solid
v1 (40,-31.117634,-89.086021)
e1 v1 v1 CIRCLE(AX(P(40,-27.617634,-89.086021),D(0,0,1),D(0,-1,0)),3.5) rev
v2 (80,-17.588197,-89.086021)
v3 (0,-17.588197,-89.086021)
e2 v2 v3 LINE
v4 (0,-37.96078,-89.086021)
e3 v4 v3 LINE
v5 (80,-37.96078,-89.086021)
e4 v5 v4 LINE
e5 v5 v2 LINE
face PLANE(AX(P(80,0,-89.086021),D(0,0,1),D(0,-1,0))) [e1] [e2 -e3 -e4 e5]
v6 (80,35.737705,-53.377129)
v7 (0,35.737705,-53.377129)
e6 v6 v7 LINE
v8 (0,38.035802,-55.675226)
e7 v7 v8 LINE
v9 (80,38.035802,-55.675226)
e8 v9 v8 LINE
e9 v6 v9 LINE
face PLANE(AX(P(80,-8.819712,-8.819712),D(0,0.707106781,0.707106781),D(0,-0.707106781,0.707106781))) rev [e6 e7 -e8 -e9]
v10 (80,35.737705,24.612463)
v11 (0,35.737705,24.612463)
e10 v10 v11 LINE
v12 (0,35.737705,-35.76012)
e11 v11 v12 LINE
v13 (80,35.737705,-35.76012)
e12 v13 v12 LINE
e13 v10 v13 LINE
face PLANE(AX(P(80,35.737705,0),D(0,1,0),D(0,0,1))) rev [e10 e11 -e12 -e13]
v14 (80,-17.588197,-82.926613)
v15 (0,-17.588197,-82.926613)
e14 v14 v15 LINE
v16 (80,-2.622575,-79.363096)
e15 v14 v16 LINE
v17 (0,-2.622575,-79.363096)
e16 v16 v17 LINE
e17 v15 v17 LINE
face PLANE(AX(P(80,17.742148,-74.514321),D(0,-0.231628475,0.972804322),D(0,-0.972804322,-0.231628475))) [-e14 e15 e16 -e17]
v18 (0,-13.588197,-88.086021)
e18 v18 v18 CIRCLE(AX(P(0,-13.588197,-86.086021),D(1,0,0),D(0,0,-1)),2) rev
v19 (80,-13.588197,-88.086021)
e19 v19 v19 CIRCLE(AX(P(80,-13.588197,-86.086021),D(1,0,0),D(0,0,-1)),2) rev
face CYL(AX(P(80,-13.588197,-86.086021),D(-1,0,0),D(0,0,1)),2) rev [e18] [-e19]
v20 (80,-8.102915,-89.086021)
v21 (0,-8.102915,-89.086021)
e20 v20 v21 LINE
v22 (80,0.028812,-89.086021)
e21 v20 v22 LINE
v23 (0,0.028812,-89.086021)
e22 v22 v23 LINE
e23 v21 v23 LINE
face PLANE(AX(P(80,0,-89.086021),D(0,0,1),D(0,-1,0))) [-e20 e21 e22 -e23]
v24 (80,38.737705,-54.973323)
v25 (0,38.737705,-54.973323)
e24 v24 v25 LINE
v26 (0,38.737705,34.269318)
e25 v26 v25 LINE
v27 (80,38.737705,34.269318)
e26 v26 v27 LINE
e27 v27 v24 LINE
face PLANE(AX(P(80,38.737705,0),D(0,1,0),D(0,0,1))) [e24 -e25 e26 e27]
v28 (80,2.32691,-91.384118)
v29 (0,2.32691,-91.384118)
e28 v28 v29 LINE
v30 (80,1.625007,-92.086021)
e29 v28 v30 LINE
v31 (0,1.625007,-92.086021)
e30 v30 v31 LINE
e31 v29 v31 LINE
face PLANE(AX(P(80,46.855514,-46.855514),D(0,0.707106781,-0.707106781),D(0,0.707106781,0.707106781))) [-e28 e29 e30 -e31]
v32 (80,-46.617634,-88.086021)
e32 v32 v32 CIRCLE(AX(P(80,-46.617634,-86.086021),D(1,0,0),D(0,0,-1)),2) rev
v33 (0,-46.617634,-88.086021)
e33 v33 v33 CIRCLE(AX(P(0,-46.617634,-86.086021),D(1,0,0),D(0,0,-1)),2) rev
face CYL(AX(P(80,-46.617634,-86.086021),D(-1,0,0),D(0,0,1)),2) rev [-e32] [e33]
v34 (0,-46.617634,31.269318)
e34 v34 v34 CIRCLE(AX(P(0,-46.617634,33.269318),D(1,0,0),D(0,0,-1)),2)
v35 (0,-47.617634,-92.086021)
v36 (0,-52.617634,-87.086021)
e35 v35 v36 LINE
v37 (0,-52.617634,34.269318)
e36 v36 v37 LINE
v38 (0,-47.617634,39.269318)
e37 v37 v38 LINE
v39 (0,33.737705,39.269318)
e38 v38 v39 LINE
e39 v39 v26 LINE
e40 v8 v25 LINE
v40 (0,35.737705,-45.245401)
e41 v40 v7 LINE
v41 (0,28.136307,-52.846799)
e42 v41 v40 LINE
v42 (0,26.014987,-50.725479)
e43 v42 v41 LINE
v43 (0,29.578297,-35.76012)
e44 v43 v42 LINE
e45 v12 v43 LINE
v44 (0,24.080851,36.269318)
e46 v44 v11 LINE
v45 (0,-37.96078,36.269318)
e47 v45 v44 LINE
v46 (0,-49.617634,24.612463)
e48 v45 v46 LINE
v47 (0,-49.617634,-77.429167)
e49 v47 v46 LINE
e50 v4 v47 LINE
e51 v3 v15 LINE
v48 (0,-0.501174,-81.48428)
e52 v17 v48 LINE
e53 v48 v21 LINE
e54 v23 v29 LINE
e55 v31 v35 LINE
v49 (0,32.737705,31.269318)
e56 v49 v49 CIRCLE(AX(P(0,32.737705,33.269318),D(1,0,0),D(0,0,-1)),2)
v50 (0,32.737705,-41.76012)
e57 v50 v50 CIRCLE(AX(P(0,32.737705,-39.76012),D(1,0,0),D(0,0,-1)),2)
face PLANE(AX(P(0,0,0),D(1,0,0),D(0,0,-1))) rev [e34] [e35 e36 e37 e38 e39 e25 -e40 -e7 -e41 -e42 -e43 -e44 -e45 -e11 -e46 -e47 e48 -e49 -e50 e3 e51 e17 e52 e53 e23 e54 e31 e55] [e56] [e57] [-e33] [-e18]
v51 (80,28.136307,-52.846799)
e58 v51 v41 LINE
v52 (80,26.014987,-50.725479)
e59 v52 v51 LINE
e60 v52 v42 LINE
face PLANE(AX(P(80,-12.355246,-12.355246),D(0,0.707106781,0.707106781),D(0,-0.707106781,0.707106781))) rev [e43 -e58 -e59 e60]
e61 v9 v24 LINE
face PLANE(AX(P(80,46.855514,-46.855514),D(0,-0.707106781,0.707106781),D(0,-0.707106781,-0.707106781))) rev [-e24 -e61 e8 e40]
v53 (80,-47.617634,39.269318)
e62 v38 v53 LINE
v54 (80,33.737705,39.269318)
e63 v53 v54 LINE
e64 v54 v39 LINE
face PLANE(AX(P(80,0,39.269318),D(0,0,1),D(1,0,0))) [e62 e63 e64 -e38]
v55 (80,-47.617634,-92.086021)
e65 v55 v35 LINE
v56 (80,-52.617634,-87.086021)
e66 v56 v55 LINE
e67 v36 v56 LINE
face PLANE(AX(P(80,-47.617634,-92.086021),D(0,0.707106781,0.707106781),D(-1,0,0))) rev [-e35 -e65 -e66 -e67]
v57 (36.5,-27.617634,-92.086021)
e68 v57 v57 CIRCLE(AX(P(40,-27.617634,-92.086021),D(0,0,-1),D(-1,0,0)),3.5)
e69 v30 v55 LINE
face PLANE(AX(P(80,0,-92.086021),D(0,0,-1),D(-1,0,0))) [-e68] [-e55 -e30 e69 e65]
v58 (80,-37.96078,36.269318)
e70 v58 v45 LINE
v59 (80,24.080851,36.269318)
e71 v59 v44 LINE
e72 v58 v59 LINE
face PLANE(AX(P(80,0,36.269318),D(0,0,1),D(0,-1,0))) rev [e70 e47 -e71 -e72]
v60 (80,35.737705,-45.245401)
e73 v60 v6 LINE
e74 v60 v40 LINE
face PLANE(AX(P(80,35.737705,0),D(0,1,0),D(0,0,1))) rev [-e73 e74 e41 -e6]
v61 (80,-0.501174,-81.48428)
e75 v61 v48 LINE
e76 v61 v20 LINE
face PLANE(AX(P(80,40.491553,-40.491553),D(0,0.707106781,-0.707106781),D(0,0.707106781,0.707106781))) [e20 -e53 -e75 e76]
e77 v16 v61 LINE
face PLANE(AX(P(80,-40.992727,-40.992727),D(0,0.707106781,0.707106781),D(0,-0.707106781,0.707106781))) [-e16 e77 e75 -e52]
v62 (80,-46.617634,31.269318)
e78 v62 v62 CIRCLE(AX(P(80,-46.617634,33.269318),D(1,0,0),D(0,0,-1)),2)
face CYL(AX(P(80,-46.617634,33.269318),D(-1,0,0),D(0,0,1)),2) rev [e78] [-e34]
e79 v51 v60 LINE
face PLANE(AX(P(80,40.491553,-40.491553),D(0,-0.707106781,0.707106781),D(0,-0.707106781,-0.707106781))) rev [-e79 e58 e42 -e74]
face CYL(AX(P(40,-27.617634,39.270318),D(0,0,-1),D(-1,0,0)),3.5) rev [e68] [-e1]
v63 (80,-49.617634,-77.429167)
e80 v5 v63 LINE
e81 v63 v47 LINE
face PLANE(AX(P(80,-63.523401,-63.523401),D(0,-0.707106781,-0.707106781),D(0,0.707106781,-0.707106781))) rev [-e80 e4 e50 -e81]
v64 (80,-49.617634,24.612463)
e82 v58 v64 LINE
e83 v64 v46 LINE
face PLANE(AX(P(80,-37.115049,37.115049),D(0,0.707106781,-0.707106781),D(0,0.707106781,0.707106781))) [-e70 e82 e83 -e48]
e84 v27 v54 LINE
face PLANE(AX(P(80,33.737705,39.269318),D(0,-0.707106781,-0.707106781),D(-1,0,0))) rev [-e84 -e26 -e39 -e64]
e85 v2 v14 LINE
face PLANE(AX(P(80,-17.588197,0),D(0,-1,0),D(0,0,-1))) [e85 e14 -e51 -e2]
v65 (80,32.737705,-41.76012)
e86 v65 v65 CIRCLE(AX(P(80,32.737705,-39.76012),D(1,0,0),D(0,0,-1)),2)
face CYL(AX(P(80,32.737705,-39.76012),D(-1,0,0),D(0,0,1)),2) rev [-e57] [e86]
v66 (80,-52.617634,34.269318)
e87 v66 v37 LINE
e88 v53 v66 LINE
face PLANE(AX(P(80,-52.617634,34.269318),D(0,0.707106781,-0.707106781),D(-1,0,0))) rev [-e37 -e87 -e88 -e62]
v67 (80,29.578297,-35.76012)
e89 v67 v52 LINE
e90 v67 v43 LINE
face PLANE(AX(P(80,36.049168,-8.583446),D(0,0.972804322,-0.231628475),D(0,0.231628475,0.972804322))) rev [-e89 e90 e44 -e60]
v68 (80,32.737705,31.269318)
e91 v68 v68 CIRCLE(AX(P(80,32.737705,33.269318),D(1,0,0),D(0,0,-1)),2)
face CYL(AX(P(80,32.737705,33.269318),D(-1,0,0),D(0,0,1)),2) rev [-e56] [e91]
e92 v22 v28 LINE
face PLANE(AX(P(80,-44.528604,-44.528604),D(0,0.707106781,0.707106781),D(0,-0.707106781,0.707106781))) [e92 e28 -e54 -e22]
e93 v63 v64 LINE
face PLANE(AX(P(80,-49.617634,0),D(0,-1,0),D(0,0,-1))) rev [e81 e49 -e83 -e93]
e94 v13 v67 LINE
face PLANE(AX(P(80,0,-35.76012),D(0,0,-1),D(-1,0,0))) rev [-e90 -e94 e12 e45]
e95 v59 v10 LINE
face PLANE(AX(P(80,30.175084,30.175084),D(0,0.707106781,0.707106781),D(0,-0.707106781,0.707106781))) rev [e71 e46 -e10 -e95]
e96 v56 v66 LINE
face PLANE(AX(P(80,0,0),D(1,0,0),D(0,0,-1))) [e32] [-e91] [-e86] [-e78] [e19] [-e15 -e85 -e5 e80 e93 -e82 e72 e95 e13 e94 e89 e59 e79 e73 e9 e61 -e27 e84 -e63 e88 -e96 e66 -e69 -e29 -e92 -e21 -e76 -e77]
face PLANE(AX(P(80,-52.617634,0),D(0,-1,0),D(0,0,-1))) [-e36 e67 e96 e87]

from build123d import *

# Parameters (mm, degrees)
SKETCH2_R           = 2
BOSS_EXTRUDE2_DEPTH = 80
CHAMFER2_SIZE       = 5
CUT_EXTRUDE1_REACH  = 133.355
SKETCH3_R           = 3.5


with BuildPart() as part:
    # Sketch2 → Boss-Extrude2 (new body)
    with BuildSketch(Plane(origin=(0, 0, 0), x_dir=(0, 0, -1), z_dir=(1, 0, 0))):
        Polygon((89.086021447, -37.960779863), (77.429167198, -49.617634112), (-24.612463363, -49.617634112), (-36.269317612, -37.960779863), (-36.269317612, 24.080850698), (-24.612463363, 35.737704947), (35.760119639, 35.737704947), (35.760119639, 29.578296595), (50.725478568, 26.014986706), (52.846798911, 28.136307049), (45.245401014, 35.737704947), (53.377128997, 35.737704947), (55.675226036, 38.035801986), (54.973323075, 38.737704947), (-39.269317612, 38.737704947), (-39.269317612, -52.617634112), (92.086021447, -52.617634112), (92.086021447, 1.625006575), (91.384118486, 2.326909536), (89.086021447, 0.028812497), (89.086021447, -8.102915487), (81.484279552, -0.501173592), (79.362959209, -2.622493935), (79.363303206, -2.622837932), (82.926613095, -17.588196861), (89.086021447, -17.588196861), align=None)
        with Locations((86.086021447, -46.617634112)):
            Circle(SKETCH2_R, mode=Mode.SUBTRACT)
        with Locations((-33.269317612, -46.617634112)):
            Circle(SKETCH2_R, mode=Mode.SUBTRACT)
        with Locations((86.086021447, -13.588196861)):
            Circle(SKETCH2_R, mode=Mode.SUBTRACT)
        with Locations((-33.269317612, 32.737704947)):
            Circle(SKETCH2_R, mode=Mode.SUBTRACT)
        with Locations((39.760119639, 32.737704947)):
            Circle(SKETCH2_R, mode=Mode.SUBTRACT)
    extrude(amount=BOSS_EXTRUDE2_DEPTH)

    # Chamfer2
    chamfer2_edges = [part.edges().sort_by_distance(p)[0] for p in [
        (40, -52.617634112, -92.086021447),
        (40, -52.617634112, 39.269317612),
        (40, 38.737704947, 39.269317612),
    ]]
    chamfer(chamfer2_edges, length=CHAMFER2_SIZE)

    # Sketch3 → Cut-Extrude1 (cut, up to next)
    with BuildSketch(Plane(origin=(0, 0, -92.086021447), x_dir=(-1, 0, 0), z_dir=(0, 0, -1)), mode=Mode.PRIVATE) as cut_extrude1_sk1:
        with Locations((-40, -27.617634112)):
            Circle(SKETCH3_R)
    cut_extrude1_tool1 = extrude(cut_extrude1_sk1.sketch, amount=-CUT_EXTRUDE1_REACH, mode=Mode.PRIVATE) & part.part
    add(cut_extrude1_tool1.solids().sort_by_distance((40, -27.617634, -92.086021))[0], mode=Mode.SUBTRACT)


solid = part.part
